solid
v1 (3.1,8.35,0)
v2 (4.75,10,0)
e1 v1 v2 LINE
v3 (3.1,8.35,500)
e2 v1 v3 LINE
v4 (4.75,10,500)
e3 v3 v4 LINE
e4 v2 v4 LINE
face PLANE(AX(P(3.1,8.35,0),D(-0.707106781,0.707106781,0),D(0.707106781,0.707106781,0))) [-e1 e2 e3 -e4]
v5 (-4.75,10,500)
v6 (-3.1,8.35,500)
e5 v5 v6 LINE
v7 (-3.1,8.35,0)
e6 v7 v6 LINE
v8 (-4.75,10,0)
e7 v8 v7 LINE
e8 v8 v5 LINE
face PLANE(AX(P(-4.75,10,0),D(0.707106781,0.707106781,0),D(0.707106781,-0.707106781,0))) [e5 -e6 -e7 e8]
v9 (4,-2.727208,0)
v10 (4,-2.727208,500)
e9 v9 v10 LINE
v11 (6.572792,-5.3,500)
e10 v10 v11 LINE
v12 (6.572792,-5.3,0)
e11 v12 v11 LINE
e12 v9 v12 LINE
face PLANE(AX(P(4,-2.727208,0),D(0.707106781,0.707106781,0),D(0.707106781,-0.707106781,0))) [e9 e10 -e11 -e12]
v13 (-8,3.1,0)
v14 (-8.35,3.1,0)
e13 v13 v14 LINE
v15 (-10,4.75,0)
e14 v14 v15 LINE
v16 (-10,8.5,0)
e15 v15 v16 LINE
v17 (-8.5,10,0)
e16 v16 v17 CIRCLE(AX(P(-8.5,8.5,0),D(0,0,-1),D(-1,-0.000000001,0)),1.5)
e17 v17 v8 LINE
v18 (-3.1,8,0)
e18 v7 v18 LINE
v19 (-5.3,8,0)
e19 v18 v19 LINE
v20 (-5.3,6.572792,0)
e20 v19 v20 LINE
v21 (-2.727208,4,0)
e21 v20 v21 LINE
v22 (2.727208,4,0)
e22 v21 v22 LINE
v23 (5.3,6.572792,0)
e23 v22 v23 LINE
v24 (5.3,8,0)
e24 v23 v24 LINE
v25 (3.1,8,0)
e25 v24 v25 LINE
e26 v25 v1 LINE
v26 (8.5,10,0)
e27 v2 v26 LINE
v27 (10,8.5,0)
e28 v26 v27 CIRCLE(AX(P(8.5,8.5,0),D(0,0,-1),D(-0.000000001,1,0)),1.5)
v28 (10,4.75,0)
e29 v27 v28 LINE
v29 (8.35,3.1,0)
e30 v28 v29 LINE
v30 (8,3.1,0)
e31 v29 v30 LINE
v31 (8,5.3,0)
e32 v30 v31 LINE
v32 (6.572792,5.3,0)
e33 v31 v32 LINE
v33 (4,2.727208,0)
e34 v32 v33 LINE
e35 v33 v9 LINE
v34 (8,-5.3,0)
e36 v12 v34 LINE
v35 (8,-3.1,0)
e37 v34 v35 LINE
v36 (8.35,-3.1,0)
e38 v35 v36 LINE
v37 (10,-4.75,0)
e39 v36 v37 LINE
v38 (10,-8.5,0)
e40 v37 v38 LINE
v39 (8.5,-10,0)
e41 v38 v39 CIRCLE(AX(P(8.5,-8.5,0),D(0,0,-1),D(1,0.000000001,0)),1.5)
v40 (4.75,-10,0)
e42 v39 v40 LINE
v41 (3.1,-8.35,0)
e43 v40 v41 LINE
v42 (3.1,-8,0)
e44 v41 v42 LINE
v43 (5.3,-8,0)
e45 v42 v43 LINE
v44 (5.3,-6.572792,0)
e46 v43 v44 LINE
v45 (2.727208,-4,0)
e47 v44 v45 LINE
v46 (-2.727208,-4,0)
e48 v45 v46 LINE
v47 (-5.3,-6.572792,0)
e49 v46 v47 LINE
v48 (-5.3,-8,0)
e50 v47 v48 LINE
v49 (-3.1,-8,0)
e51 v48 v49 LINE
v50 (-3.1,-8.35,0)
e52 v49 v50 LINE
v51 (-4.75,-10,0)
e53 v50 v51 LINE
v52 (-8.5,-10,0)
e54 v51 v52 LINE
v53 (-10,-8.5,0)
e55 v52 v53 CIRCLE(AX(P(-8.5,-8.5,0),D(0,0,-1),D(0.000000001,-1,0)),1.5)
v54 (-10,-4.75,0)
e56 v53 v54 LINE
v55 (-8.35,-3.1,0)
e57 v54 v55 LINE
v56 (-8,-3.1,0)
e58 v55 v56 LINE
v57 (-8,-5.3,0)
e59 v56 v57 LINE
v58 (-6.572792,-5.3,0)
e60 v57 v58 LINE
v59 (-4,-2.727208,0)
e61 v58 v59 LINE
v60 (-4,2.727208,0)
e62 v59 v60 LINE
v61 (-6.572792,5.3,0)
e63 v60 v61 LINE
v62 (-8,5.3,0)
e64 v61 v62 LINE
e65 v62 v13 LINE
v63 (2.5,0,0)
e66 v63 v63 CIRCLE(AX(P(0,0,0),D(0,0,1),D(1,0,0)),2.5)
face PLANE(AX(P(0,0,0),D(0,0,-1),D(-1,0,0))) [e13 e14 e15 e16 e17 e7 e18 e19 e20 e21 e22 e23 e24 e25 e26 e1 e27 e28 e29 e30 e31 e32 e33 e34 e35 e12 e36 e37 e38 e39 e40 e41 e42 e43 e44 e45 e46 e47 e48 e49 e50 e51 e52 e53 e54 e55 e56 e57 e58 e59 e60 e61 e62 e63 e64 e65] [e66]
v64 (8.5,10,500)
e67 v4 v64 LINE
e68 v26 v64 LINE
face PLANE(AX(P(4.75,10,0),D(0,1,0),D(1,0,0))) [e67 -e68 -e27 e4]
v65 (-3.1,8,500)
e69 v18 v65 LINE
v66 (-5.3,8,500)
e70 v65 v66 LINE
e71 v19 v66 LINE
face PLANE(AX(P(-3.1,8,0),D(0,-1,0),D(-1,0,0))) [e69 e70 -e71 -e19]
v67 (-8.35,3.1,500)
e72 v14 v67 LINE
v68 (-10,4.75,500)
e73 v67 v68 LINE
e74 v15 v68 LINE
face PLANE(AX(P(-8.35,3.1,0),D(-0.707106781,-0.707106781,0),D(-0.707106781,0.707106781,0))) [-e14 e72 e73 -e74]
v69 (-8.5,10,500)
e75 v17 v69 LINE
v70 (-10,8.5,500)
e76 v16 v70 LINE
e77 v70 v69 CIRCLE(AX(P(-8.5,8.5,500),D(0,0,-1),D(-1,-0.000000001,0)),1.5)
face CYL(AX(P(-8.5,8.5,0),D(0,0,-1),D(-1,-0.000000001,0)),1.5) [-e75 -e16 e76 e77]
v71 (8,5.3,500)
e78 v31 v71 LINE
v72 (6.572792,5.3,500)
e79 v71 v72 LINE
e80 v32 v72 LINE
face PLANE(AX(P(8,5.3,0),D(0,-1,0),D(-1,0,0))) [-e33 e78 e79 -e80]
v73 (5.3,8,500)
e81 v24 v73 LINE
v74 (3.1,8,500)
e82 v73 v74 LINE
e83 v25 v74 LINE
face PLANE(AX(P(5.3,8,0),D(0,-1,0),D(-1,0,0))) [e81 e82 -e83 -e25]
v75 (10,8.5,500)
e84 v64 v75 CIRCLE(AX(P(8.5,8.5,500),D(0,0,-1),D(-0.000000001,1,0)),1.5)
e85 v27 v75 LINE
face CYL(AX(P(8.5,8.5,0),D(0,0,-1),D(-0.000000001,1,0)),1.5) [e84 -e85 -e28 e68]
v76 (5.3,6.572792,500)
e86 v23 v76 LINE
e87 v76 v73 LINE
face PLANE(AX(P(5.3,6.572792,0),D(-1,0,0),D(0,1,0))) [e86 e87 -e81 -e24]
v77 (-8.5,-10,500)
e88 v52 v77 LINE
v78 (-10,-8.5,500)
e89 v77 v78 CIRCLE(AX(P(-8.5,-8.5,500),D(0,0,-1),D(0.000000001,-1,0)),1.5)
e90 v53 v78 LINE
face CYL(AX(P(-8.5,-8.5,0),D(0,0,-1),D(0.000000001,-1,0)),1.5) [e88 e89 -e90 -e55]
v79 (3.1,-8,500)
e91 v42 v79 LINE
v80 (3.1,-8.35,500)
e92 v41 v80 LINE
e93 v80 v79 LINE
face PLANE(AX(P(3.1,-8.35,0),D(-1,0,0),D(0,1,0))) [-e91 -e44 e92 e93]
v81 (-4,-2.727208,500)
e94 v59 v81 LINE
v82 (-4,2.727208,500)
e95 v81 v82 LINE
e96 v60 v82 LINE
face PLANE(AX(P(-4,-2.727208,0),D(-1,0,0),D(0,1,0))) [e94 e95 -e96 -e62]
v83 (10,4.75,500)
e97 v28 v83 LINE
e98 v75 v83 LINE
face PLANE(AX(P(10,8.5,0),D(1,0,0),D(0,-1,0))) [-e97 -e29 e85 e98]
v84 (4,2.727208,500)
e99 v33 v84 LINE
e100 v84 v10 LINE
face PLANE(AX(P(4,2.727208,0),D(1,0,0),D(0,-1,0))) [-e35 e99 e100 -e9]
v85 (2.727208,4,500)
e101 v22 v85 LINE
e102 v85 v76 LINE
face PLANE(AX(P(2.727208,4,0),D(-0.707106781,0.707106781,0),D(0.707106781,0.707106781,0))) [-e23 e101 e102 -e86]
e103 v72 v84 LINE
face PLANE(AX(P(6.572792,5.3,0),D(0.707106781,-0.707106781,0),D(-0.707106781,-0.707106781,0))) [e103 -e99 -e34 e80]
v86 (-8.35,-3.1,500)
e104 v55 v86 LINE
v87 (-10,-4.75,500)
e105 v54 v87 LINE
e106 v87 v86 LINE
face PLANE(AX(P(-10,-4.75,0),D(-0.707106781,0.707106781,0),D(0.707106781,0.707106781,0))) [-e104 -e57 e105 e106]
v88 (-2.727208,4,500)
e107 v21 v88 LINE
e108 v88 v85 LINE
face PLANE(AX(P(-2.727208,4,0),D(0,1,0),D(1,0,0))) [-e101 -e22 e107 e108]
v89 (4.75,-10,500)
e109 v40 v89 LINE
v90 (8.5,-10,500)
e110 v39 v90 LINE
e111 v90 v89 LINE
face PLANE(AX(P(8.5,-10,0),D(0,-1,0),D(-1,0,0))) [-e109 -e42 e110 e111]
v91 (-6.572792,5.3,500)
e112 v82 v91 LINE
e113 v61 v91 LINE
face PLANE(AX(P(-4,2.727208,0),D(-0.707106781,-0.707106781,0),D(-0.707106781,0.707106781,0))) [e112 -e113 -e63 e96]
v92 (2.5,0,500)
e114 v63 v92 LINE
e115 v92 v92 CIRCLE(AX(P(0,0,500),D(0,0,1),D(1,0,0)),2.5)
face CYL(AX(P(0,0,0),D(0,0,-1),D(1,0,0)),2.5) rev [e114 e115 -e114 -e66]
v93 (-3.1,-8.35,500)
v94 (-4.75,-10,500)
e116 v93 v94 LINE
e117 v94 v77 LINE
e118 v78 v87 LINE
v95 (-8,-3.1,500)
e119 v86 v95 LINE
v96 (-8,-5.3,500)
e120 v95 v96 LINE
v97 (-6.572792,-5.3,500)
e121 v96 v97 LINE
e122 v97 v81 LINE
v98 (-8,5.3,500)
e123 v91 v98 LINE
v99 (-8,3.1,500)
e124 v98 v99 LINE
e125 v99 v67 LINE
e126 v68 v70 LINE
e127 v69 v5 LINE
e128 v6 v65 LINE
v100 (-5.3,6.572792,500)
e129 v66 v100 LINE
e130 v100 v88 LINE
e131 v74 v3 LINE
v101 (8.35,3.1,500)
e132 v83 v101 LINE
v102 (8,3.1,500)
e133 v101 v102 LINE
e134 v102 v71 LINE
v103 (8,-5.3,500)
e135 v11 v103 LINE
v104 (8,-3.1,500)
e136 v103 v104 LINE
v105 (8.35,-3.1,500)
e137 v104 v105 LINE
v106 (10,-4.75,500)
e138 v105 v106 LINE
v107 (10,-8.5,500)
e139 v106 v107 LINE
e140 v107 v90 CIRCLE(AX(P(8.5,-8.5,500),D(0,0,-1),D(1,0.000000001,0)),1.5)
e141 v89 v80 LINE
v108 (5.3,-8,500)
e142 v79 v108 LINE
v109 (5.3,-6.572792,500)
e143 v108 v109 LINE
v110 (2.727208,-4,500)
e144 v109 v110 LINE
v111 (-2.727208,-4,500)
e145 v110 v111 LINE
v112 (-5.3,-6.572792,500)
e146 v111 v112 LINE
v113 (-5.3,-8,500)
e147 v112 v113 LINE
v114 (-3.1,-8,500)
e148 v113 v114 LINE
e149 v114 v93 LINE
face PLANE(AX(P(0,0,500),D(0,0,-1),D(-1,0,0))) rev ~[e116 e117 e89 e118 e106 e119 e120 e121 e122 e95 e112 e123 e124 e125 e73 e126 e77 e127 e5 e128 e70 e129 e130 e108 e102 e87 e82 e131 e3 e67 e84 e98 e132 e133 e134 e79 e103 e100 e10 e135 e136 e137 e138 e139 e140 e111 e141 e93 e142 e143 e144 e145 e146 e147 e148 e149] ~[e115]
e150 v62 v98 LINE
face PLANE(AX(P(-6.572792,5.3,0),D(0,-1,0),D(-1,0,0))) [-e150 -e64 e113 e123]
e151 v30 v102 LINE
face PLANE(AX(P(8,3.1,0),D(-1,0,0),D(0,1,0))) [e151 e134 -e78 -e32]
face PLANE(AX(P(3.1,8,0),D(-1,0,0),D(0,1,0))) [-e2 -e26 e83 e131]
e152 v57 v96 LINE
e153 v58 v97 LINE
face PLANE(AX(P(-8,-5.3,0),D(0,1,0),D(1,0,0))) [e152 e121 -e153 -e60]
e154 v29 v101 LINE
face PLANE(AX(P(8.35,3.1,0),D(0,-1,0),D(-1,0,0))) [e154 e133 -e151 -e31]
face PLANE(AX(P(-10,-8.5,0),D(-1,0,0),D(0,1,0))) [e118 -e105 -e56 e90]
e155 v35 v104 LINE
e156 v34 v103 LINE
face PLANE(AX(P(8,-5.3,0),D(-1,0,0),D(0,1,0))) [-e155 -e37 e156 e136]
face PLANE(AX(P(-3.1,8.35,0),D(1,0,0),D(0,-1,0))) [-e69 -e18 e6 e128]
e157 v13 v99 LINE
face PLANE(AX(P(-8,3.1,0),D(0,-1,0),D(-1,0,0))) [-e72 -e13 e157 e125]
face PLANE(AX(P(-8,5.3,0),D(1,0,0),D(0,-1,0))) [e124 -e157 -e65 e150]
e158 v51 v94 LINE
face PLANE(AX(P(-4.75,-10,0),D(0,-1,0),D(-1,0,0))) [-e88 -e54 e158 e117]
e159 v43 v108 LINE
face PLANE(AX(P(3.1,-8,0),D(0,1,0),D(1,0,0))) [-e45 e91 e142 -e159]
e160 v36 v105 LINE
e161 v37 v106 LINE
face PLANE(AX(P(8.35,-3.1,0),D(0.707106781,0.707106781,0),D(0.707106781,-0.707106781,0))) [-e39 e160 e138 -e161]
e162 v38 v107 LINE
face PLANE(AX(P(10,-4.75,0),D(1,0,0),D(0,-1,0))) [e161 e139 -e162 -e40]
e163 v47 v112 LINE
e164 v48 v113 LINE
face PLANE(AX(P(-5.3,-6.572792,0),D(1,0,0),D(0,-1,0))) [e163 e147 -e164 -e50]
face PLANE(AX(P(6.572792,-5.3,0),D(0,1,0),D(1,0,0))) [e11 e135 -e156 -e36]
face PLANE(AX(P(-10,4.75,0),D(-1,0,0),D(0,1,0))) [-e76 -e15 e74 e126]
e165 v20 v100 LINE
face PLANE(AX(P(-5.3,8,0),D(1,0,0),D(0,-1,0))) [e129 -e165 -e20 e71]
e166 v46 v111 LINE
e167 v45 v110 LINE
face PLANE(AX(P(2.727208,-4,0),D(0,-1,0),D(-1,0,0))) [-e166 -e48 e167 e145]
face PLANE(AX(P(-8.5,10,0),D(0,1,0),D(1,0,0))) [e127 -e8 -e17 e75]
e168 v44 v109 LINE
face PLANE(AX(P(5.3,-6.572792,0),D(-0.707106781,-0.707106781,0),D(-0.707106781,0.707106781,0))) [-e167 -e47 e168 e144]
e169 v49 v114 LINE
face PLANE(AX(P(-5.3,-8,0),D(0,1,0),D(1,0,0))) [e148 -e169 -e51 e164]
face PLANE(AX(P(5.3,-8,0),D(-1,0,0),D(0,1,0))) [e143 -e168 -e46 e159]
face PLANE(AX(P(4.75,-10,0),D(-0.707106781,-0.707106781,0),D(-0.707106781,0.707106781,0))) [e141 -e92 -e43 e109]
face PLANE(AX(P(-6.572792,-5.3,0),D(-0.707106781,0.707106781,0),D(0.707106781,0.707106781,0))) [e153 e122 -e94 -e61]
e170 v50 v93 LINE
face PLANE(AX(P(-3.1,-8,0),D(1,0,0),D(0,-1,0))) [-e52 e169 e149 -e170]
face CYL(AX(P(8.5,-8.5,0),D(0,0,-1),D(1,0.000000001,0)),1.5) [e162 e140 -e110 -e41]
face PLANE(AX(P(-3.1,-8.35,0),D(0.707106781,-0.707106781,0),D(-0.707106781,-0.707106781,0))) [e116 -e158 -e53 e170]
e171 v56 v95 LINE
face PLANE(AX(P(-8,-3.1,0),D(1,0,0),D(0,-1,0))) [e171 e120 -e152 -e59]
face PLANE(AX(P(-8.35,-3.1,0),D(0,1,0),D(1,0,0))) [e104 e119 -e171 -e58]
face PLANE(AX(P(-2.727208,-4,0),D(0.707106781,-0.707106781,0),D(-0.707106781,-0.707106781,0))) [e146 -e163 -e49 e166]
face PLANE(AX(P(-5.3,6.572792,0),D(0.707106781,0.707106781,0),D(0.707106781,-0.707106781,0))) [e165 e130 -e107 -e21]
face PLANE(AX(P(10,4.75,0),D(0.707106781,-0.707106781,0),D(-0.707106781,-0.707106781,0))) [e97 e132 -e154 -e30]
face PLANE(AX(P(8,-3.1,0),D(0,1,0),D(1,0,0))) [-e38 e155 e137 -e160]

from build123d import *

# Parameters (mm, degrees)
SKETCH2_R           = 2.5
BOSS_EXTRUDE1_DEPTH = 500


with BuildPart() as part:
    # Sketch2 → Boss-Extrude1 (new body)
    with BuildSketch(Plane.XY):
        with BuildLine():
            Line((-4, -2.727207794), (-4, 2.727207794))
            Line((-4, 2.727207794), (-6.572792206, 5.3))
            Line((-6.572792206, 5.3), (-8, 5.3))
            Line((-8, 5.3), (-8, 3.1))
            Line((-8, 3.1), (-8.35, 3.1))
            Line((-8.35, 3.1), (-10, 4.75))
            Line((-10, 4.75), (-10, 8.5))
            ThreePointArc((-10, 8.5), (-9.560660172, 9.560660172), (-8.5, 10))
            Line((-8.5, 10), (-4.75, 10))
            Line((-4.75, 10), (-3.1, 8.35))
            Line((-3.1, 8.35), (-3.1, 8))
            Line((-3.1, 8), (-5.3, 8))
            Line((-5.3, 8), (-5.3, 6.572792206))
            Line((-5.3, 6.572792206), (-2.727207794, 4))
            Line((-2.727207794, 4), (2.727207794, 4))
            Line((2.727207794, 4), (5.3, 6.572792206))
            Line((5.3, 6.572792206), (5.3, 8))
            Line((5.3, 8), (3.1, 8))
            Line((3.1, 8), (3.1, 8.35))
            Line((3.1, 8.35), (4.75, 10))
            Line((4.75, 10), (8.5, 10))
            ThreePointArc((8.5, 10), (9.560660172, 9.560660172), (10, 8.5))
            Line((10, 8.5), (10, 4.75))
            Line((10, 4.75), (8.35, 3.1))
            Line((8.35, 3.1), (8, 3.1))
            Line((8, 3.1), (8, 5.3))
            Line((8, 5.3), (6.572792206, 5.3))
            Line((6.572792206, 5.3), (4, 2.727207794))
            Line((4, 2.727207794), (4, -2.727207794))
            Line((4, -2.727207794), (6.572792206, -5.3))
            Line((6.572792206, -5.3), (8, -5.3))
            Line((8, -5.3), (8, -3.1))
            Line((8, -3.1), (8.35, -3.1))
            Line((8.35, -3.1), (10, -4.75))
            Line((10, -4.75), (10, -8.5))
            ThreePointArc((10, -8.5), (9.560660172, -9.560660172), (8.5, -10))
            Line((8.5, -10), (4.75, -10))
            Line((4.75, -10), (3.1, -8.35))
            Line((3.1, -8.35), (3.1, -8))
            Line((3.1, -8), (5.3, -8))
            Line((5.3, -8), (5.3, -6.572792206))
            Line((5.3, -6.572792206), (2.727207794, -4))
            Line((2.727207794, -4), (-2.727207794, -4))
            Line((-2.727207794, -4), (-5.3, -6.572792206))
            Line((-5.3, -6.572792206), (-5.3, -8))
            Line((-5.3, -8), (-3.1, -8))
            Line((-3.1, -8), (-3.1, -8.35))
            Line((-3.1, -8.35), (-4.75, -10))
            Line((-4.75, -10), (-8.5, -10))
            ThreePointArc((-8.5, -10), (-9.560660172, -9.560660172), (-10, -8.5))
            Line((-10, -8.5), (-10, -4.75))
            Line((-10, -4.75), (-8.35, -3.1))
            Line((-8.35, -3.1), (-8, -3.1))
            Line((-8, -3.1), (-8, -5.3))
            Line((-8, -5.3), (-6.572792206, -5.3))
            Line((-6.572792206, -5.3), (-4, -2.727207794))
        make_face()
        Circle(SKETCH2_R, mode=Mode.SUBTRACT)
    extrude(amount=BOSS_EXTRUDE1_DEPTH)


solid = part.part
